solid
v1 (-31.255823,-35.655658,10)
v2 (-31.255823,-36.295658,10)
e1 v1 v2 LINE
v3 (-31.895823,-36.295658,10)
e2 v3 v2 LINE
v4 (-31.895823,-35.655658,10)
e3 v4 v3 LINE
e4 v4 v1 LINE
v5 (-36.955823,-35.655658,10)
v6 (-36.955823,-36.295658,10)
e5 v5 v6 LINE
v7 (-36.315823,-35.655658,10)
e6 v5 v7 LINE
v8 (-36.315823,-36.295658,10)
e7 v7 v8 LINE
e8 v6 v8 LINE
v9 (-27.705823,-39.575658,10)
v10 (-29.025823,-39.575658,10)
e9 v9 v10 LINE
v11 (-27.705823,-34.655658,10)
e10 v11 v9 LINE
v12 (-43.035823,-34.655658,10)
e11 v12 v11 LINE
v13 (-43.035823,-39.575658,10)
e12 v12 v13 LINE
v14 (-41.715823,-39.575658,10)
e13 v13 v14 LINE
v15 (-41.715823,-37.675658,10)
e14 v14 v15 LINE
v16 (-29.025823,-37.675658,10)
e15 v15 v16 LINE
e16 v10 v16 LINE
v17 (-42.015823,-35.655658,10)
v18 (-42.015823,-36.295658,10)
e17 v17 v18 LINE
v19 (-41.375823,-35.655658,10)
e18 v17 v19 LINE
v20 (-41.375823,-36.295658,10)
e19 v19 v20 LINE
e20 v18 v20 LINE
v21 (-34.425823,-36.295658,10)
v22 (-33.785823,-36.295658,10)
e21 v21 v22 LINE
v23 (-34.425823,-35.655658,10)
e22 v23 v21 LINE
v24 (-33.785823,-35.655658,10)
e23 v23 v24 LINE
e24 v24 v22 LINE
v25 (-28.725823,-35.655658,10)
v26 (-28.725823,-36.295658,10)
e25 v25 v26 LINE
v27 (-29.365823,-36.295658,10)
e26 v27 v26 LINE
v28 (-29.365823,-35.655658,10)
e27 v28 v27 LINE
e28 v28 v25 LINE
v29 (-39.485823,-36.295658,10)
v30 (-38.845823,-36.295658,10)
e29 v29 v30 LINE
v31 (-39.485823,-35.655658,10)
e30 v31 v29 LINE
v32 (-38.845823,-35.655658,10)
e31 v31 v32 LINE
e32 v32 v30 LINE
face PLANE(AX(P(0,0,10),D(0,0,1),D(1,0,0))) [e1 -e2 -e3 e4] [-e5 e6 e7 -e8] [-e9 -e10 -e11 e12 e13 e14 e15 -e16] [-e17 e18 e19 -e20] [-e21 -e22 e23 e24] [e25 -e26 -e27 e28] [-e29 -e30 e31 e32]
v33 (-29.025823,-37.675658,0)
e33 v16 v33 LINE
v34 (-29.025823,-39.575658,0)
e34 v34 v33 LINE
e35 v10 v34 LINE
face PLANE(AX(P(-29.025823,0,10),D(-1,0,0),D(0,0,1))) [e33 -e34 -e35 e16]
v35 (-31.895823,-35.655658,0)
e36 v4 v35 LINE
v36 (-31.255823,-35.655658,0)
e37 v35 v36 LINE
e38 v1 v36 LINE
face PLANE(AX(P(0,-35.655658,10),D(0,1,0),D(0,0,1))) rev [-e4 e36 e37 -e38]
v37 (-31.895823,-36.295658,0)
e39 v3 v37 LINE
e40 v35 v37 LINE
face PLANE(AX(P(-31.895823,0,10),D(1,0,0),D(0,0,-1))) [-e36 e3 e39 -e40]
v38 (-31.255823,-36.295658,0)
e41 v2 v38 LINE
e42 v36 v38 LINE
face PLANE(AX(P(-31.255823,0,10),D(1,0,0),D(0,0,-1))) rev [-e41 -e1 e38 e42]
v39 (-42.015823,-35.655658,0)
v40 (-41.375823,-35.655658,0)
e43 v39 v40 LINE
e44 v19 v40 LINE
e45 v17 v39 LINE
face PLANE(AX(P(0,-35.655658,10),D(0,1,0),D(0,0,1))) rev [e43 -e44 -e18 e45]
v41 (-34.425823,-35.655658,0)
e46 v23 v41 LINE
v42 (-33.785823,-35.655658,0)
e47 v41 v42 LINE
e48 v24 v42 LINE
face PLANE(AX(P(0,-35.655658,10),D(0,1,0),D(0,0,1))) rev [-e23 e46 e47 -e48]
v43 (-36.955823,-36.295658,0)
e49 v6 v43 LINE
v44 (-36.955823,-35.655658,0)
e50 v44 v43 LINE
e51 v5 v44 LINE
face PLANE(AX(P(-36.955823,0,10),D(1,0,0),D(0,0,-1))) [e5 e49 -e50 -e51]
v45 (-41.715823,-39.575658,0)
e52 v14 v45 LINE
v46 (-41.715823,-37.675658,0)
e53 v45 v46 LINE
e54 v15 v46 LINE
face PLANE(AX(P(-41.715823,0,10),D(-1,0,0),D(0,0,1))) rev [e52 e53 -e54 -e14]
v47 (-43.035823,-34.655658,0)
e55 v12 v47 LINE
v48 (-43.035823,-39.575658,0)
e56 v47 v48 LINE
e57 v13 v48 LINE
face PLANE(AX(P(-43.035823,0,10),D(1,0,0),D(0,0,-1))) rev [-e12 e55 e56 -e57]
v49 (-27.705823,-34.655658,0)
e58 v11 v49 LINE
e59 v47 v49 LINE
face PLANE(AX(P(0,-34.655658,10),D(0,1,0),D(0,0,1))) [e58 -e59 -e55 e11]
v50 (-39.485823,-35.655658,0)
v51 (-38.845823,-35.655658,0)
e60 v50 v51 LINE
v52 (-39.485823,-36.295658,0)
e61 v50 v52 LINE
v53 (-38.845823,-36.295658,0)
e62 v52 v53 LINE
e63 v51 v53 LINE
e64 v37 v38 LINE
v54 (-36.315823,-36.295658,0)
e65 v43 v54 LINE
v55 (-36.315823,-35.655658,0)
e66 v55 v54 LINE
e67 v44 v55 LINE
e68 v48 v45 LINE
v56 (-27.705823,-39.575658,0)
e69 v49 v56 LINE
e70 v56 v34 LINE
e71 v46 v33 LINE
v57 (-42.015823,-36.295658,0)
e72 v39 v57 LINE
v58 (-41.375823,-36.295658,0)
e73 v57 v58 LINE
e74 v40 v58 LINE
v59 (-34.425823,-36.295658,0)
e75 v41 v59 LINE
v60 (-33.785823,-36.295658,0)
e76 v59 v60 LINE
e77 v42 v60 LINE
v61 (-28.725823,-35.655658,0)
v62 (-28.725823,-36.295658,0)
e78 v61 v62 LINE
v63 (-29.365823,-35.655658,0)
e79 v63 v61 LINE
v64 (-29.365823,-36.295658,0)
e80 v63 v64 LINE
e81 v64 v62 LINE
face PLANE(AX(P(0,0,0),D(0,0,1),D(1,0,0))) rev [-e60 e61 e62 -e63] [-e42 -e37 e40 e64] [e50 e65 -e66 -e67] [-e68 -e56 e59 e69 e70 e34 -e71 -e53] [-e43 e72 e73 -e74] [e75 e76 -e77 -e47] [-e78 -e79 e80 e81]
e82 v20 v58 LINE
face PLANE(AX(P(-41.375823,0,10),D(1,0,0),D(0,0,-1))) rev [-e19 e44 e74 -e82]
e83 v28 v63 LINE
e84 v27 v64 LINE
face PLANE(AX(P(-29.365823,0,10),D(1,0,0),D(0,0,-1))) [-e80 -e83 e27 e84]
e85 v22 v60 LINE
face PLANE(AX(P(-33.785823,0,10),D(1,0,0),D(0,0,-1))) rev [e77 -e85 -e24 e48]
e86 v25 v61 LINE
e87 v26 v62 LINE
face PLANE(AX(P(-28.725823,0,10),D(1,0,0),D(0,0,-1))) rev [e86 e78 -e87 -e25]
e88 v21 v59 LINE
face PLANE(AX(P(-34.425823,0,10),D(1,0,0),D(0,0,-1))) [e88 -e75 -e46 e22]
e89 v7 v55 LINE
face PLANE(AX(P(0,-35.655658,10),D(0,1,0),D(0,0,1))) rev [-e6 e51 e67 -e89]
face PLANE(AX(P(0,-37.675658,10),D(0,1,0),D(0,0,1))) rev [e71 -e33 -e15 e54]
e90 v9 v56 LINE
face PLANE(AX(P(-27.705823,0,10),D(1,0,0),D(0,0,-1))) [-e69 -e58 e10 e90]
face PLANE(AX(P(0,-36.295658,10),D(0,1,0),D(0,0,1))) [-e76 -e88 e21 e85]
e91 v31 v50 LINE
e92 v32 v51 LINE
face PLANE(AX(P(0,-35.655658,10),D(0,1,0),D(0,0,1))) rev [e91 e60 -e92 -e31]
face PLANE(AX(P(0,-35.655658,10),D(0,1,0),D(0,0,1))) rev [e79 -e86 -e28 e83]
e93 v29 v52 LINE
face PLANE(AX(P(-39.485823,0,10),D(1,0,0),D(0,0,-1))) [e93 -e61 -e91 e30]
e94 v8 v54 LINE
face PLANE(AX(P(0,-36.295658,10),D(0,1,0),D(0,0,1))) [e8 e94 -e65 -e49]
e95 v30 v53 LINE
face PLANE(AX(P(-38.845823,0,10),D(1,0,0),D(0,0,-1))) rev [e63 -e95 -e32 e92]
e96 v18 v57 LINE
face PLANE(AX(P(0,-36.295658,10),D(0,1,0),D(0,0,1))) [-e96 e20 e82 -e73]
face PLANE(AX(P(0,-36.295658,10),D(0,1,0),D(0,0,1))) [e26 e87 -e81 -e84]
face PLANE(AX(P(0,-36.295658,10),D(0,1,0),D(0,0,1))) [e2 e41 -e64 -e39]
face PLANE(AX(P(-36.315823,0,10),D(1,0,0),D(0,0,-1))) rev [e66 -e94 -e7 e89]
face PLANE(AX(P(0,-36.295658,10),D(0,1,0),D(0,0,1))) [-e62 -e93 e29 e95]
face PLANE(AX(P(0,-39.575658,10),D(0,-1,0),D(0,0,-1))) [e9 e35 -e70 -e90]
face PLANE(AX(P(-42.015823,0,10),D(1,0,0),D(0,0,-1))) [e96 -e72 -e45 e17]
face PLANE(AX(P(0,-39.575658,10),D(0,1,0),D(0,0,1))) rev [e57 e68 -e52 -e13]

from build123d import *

# Parameters (mm, degrees)
SKETCH1_W           = 0.64
SKETCH1_H           = 0.64
BOSS_EXTRUDE1_DEPTH = 10


with BuildPart() as part:
    # Sketch1 → Boss-Extrude1 (new body)
    with BuildSketch(Plane.XY):
        Polygon((-43.035822511, -34.655658229), (-43.035822511, -39.575658229), (-41.715822511, -39.575658229), (-41.715822511, -37.675658229), (-29.025822511, -37.675658229), (-29.025822511, -39.575658229), (-27.705822511, -39.575658229), (-27.705822511, -34.655658229), align=None)
        with Locations((-39.165822511, -35.975658229)):
            Rectangle(SKETCH1_W, SKETCH1_H, mode=Mode.SUBTRACT)
        with Locations((-41.695822511, -35.975658229)):
            Rectangle(SKETCH1_W, SKETCH1_H, mode=Mode.SUBTRACT)
        with Locations((-36.635822511, -35.975658229)):
            Rectangle(SKETCH1_W, SKETCH1_H, mode=Mode.SUBTRACT)
        with Locations((-34.105822511, -35.975658229)):
            Rectangle(SKETCH1_W, SKETCH1_H, mode=Mode.SUBTRACT)
        with Locations((-31.575822511, -35.975658229)):
            Rectangle(SKETCH1_W, SKETCH1_H, mode=Mode.SUBTRACT)
        with Locations((-29.045822511, -35.975658229)):
            Rectangle(SKETCH1_W, SKETCH1_H, mode=Mode.SUBTRACT)
    extrude(amount=BOSS_EXTRUDE1_DEPTH)


solid = part.part
